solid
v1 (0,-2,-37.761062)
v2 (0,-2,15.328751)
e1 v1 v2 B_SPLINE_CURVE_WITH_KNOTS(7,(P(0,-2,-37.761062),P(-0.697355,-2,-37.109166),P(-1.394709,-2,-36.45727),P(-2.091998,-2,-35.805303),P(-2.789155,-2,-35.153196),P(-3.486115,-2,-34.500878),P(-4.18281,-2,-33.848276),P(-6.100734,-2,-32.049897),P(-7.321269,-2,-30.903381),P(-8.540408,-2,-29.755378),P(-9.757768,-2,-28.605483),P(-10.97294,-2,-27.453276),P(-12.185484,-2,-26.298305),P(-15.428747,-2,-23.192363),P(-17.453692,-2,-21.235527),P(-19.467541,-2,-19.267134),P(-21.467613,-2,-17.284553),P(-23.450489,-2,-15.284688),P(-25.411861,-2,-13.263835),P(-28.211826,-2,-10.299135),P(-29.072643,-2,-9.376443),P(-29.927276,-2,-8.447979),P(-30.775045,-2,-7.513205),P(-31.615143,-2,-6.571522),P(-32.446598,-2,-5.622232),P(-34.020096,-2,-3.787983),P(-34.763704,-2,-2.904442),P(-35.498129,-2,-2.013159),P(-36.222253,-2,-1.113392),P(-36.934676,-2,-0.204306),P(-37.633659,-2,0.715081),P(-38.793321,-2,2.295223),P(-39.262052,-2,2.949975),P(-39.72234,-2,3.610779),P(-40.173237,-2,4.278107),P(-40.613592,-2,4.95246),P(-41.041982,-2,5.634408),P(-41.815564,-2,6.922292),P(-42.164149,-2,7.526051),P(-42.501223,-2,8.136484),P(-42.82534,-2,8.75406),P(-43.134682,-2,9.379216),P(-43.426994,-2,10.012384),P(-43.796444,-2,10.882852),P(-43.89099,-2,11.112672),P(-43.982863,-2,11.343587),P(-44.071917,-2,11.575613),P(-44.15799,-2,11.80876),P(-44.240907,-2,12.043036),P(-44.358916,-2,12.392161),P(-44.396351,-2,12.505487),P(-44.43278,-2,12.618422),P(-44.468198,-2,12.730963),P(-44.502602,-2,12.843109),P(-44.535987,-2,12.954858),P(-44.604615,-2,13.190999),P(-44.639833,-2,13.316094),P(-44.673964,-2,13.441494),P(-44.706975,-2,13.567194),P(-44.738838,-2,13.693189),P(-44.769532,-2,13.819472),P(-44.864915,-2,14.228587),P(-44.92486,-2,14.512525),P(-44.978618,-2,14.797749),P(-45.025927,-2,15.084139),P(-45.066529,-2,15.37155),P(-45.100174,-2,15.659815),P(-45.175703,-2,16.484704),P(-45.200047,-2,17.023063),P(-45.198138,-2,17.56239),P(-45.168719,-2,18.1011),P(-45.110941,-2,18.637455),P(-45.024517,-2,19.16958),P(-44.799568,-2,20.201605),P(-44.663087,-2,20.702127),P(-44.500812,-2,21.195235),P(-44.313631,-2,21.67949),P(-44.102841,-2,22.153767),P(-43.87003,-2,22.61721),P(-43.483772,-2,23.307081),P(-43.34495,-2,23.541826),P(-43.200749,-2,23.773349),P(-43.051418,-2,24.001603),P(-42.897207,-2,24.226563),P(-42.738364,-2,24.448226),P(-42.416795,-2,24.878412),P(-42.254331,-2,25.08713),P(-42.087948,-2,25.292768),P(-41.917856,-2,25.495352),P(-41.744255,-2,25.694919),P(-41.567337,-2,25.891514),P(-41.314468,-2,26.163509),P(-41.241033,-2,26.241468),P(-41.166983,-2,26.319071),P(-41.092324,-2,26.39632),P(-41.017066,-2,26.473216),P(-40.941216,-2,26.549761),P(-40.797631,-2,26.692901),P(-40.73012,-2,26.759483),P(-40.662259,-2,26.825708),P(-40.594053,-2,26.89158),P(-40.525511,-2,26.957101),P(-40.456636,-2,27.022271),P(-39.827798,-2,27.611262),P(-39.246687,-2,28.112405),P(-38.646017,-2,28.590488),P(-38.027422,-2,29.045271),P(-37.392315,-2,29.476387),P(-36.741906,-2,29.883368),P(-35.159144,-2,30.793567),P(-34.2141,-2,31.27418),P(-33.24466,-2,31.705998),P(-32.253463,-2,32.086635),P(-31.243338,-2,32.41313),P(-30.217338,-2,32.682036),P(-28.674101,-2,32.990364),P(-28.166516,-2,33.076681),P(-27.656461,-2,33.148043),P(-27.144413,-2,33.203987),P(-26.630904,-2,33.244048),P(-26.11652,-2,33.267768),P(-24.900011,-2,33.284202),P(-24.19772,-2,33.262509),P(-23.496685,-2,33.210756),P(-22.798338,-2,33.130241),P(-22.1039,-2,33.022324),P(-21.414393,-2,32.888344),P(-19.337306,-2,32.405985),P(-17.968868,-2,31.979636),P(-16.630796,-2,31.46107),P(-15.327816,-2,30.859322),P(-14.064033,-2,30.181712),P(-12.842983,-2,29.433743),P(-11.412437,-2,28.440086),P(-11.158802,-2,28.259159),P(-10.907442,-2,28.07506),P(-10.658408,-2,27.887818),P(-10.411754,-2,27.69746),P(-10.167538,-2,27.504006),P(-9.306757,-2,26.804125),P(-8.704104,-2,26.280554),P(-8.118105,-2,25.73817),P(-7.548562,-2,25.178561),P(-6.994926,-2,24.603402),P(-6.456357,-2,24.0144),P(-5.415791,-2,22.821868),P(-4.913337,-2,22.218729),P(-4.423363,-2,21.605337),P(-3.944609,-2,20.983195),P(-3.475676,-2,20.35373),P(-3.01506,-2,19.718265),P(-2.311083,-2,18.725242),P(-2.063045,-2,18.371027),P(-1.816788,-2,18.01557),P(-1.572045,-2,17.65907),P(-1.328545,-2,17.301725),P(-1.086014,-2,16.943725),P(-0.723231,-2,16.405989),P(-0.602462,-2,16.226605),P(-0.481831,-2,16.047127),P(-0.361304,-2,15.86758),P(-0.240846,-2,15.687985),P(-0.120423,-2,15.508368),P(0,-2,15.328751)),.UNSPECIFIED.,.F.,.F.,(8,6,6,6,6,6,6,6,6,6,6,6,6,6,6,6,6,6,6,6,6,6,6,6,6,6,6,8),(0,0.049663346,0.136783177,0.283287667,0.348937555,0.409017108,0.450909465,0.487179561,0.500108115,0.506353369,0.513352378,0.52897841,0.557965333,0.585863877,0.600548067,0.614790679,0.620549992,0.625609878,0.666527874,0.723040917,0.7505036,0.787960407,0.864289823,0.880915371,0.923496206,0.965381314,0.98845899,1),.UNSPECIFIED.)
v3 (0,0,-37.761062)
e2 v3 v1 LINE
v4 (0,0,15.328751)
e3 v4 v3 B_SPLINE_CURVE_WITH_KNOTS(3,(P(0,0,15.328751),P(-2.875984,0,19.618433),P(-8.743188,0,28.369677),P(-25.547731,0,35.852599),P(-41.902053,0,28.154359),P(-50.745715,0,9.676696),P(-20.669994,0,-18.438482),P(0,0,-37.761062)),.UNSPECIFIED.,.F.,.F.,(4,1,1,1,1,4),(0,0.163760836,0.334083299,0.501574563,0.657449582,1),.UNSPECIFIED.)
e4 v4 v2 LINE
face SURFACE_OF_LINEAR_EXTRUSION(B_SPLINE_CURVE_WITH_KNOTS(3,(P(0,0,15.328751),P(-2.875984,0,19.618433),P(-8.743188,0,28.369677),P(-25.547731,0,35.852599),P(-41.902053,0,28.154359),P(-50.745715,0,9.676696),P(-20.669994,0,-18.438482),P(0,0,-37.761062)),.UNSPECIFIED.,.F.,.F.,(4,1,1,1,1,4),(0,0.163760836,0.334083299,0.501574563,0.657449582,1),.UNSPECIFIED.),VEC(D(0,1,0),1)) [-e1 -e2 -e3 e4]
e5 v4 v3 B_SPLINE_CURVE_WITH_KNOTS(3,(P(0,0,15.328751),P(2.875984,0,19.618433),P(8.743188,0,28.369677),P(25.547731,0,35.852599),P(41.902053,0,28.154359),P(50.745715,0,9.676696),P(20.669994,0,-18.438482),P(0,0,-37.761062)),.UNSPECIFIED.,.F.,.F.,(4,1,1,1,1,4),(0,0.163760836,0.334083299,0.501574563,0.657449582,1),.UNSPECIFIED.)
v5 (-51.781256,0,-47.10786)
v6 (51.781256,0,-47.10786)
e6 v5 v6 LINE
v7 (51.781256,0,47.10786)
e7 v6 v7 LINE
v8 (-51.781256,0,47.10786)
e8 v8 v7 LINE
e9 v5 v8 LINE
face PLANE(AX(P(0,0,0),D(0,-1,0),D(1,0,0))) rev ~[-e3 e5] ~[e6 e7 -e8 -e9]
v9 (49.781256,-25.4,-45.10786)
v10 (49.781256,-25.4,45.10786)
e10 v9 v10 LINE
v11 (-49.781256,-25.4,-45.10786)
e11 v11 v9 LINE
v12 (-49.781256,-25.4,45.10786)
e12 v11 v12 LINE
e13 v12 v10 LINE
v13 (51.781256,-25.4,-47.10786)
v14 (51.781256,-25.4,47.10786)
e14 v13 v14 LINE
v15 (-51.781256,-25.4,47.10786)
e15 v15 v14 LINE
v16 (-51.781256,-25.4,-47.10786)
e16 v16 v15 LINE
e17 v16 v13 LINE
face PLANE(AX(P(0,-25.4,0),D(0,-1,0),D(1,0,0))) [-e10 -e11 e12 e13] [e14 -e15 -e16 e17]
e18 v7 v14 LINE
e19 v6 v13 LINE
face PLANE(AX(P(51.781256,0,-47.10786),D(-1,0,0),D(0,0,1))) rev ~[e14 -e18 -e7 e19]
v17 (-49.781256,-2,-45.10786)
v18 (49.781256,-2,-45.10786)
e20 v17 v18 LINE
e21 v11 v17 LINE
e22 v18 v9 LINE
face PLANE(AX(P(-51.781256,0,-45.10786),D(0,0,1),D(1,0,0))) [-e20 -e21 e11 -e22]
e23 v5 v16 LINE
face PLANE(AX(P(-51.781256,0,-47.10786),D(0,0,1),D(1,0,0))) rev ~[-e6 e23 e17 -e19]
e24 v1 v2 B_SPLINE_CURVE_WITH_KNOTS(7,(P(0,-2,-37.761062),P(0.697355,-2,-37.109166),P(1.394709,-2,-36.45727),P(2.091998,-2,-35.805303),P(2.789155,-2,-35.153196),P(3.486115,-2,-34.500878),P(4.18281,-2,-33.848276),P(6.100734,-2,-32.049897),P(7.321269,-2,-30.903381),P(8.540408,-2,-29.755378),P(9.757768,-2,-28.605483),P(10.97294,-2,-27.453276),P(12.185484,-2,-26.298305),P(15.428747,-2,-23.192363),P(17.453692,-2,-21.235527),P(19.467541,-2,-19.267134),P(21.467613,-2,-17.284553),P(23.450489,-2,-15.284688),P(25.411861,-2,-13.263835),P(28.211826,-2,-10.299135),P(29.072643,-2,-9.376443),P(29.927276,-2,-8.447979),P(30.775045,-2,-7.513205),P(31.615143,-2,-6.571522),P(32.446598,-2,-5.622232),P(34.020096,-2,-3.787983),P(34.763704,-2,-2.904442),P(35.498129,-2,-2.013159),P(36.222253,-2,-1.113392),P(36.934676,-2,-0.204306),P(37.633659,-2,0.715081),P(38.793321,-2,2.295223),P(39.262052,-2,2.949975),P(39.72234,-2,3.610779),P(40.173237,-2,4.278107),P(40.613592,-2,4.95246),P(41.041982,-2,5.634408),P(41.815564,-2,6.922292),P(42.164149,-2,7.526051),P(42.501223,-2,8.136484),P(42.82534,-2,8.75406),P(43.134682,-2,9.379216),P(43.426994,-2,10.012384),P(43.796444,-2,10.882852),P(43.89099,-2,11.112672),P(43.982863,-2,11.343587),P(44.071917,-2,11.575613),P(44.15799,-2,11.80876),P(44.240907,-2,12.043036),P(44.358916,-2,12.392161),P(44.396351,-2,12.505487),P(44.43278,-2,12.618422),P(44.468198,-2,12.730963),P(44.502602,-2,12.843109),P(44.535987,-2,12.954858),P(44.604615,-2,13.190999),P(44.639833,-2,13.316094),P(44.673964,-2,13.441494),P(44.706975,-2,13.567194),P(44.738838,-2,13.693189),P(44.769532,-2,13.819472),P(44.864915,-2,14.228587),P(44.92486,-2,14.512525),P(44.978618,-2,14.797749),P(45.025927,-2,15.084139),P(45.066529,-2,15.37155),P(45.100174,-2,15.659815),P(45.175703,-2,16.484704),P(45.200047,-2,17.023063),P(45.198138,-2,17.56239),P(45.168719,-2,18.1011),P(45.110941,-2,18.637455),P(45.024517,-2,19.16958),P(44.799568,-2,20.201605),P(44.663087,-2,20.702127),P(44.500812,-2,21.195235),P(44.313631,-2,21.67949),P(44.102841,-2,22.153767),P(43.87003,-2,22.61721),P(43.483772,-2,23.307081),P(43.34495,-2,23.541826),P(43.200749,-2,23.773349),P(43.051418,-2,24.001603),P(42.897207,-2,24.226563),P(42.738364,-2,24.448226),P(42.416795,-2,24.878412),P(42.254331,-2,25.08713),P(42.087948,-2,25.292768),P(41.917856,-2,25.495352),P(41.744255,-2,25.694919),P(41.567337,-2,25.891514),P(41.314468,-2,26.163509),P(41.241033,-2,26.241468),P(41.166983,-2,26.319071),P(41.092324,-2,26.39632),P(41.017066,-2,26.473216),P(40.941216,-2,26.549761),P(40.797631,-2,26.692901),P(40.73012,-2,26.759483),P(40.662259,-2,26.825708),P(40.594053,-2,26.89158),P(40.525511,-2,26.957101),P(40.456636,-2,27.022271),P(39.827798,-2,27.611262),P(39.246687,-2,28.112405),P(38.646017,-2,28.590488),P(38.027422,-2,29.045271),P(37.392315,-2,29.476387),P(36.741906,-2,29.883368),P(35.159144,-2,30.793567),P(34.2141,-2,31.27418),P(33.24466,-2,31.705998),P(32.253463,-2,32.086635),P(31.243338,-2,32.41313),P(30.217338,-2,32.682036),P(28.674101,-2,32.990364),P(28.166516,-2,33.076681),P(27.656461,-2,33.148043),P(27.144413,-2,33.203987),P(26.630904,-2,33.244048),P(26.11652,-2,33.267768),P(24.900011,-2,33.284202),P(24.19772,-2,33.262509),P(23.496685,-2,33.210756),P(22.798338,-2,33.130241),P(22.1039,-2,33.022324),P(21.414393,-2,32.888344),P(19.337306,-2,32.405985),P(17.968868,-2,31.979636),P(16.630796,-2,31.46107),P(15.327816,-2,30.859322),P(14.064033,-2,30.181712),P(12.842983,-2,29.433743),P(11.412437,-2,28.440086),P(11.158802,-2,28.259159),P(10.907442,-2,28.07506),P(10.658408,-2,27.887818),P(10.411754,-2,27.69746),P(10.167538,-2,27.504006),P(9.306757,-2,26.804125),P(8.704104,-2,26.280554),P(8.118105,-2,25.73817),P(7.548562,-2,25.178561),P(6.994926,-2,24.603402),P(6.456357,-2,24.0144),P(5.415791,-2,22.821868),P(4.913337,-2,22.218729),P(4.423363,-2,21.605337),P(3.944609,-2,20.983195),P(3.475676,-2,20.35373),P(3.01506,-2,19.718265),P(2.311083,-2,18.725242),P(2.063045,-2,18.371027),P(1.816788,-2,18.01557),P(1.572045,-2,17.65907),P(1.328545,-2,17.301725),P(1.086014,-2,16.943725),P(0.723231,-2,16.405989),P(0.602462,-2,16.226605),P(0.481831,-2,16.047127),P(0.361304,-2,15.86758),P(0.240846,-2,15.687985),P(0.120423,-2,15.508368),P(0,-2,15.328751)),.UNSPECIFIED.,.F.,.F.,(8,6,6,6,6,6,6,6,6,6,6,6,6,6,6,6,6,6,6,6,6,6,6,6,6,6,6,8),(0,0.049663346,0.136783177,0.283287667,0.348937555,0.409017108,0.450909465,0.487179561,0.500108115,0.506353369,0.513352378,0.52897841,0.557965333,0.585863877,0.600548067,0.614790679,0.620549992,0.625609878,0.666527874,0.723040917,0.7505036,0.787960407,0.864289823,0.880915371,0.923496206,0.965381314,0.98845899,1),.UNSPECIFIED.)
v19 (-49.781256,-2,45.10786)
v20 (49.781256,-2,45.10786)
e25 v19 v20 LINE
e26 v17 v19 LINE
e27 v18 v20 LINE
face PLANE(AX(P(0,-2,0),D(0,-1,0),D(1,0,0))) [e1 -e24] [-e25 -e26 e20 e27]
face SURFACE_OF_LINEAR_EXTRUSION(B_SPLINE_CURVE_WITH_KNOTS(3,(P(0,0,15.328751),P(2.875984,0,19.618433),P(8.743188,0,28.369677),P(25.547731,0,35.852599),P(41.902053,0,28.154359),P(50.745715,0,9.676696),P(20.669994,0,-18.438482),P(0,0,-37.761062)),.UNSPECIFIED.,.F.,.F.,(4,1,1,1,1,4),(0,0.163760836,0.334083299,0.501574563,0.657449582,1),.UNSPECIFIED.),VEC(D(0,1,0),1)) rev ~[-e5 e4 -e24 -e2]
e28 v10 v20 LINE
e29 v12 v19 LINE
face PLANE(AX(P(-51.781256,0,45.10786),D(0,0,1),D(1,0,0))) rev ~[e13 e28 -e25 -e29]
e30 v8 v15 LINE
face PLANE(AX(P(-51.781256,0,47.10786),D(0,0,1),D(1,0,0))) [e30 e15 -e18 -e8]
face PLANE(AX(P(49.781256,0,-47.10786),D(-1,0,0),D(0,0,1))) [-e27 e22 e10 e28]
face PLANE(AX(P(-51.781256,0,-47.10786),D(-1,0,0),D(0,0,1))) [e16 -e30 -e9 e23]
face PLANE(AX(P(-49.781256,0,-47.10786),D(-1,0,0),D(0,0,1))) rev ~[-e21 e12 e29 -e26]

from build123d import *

# Parameters (mm, degrees)
F0_W     = 103.5625115037
F0_H     = 94.215720892
F1_DEPTH = 25.4
F2_T     = -2
F4_DEPTH = 25.4


with BuildPart() as f1:
    # F0 (on Front) → F1 (new body)
    with BuildSketch(Plane.XZ):
        Rectangle(F0_W, F0_H)
    extrude(amount=F1_DEPTH)

    # F2
    f2_openings = [f1.faces().sort_by_distance(p)[0] for p in [
        (0, -25.4, 0),
    ]]
    offset(amount=F2_T, openings=f2_openings)

    # F3 (on face) → F4 (cut)
    with BuildSketch(Plane(origin=(0, 0, 0), x_dir=(-1, 0, 0), z_dir=(0, 1, 0))):
        with BuildLine():
            add(Edge.make_bspline(
                [(0, 15.3287509456), (2.8759838488, 19.61843277), (8.7431875053, 28.3696769384), (25.5477306115, 35.8525990524), (41.9020528727, 28.1543589695), (50.7457146307, 9.6766957358), (20.6699938695, -18.438481617), (0, -37.7610623837)],
                knots=[0, 0, 0, 0, 0.1637608356, 0.3340832995, 0.5015745629, 0.6574495816, 1, 1, 1, 1], degree=3))
            add(Edge.make_bspline(
                [(0, 15.3287509456), (-2.8759838488, 19.61843277), (-8.7431875053, 28.3696769384), (-25.5477306115, 35.8525990524), (-41.9020528727, 28.1543589695), (-50.7457146307, 9.6766957358), (-20.6699938695, -18.438481617), (0, -37.7610623837)],
                knots=[0, 0, 0, 0, 0.1637608356, 0.3340832995, 0.5015745629, 0.6574495816, 1, 1, 1, 1], degree=3))
        make_face()
    extrude(amount=-F4_DEPTH, mode=Mode.SUBTRACT)


solid = f1.part
